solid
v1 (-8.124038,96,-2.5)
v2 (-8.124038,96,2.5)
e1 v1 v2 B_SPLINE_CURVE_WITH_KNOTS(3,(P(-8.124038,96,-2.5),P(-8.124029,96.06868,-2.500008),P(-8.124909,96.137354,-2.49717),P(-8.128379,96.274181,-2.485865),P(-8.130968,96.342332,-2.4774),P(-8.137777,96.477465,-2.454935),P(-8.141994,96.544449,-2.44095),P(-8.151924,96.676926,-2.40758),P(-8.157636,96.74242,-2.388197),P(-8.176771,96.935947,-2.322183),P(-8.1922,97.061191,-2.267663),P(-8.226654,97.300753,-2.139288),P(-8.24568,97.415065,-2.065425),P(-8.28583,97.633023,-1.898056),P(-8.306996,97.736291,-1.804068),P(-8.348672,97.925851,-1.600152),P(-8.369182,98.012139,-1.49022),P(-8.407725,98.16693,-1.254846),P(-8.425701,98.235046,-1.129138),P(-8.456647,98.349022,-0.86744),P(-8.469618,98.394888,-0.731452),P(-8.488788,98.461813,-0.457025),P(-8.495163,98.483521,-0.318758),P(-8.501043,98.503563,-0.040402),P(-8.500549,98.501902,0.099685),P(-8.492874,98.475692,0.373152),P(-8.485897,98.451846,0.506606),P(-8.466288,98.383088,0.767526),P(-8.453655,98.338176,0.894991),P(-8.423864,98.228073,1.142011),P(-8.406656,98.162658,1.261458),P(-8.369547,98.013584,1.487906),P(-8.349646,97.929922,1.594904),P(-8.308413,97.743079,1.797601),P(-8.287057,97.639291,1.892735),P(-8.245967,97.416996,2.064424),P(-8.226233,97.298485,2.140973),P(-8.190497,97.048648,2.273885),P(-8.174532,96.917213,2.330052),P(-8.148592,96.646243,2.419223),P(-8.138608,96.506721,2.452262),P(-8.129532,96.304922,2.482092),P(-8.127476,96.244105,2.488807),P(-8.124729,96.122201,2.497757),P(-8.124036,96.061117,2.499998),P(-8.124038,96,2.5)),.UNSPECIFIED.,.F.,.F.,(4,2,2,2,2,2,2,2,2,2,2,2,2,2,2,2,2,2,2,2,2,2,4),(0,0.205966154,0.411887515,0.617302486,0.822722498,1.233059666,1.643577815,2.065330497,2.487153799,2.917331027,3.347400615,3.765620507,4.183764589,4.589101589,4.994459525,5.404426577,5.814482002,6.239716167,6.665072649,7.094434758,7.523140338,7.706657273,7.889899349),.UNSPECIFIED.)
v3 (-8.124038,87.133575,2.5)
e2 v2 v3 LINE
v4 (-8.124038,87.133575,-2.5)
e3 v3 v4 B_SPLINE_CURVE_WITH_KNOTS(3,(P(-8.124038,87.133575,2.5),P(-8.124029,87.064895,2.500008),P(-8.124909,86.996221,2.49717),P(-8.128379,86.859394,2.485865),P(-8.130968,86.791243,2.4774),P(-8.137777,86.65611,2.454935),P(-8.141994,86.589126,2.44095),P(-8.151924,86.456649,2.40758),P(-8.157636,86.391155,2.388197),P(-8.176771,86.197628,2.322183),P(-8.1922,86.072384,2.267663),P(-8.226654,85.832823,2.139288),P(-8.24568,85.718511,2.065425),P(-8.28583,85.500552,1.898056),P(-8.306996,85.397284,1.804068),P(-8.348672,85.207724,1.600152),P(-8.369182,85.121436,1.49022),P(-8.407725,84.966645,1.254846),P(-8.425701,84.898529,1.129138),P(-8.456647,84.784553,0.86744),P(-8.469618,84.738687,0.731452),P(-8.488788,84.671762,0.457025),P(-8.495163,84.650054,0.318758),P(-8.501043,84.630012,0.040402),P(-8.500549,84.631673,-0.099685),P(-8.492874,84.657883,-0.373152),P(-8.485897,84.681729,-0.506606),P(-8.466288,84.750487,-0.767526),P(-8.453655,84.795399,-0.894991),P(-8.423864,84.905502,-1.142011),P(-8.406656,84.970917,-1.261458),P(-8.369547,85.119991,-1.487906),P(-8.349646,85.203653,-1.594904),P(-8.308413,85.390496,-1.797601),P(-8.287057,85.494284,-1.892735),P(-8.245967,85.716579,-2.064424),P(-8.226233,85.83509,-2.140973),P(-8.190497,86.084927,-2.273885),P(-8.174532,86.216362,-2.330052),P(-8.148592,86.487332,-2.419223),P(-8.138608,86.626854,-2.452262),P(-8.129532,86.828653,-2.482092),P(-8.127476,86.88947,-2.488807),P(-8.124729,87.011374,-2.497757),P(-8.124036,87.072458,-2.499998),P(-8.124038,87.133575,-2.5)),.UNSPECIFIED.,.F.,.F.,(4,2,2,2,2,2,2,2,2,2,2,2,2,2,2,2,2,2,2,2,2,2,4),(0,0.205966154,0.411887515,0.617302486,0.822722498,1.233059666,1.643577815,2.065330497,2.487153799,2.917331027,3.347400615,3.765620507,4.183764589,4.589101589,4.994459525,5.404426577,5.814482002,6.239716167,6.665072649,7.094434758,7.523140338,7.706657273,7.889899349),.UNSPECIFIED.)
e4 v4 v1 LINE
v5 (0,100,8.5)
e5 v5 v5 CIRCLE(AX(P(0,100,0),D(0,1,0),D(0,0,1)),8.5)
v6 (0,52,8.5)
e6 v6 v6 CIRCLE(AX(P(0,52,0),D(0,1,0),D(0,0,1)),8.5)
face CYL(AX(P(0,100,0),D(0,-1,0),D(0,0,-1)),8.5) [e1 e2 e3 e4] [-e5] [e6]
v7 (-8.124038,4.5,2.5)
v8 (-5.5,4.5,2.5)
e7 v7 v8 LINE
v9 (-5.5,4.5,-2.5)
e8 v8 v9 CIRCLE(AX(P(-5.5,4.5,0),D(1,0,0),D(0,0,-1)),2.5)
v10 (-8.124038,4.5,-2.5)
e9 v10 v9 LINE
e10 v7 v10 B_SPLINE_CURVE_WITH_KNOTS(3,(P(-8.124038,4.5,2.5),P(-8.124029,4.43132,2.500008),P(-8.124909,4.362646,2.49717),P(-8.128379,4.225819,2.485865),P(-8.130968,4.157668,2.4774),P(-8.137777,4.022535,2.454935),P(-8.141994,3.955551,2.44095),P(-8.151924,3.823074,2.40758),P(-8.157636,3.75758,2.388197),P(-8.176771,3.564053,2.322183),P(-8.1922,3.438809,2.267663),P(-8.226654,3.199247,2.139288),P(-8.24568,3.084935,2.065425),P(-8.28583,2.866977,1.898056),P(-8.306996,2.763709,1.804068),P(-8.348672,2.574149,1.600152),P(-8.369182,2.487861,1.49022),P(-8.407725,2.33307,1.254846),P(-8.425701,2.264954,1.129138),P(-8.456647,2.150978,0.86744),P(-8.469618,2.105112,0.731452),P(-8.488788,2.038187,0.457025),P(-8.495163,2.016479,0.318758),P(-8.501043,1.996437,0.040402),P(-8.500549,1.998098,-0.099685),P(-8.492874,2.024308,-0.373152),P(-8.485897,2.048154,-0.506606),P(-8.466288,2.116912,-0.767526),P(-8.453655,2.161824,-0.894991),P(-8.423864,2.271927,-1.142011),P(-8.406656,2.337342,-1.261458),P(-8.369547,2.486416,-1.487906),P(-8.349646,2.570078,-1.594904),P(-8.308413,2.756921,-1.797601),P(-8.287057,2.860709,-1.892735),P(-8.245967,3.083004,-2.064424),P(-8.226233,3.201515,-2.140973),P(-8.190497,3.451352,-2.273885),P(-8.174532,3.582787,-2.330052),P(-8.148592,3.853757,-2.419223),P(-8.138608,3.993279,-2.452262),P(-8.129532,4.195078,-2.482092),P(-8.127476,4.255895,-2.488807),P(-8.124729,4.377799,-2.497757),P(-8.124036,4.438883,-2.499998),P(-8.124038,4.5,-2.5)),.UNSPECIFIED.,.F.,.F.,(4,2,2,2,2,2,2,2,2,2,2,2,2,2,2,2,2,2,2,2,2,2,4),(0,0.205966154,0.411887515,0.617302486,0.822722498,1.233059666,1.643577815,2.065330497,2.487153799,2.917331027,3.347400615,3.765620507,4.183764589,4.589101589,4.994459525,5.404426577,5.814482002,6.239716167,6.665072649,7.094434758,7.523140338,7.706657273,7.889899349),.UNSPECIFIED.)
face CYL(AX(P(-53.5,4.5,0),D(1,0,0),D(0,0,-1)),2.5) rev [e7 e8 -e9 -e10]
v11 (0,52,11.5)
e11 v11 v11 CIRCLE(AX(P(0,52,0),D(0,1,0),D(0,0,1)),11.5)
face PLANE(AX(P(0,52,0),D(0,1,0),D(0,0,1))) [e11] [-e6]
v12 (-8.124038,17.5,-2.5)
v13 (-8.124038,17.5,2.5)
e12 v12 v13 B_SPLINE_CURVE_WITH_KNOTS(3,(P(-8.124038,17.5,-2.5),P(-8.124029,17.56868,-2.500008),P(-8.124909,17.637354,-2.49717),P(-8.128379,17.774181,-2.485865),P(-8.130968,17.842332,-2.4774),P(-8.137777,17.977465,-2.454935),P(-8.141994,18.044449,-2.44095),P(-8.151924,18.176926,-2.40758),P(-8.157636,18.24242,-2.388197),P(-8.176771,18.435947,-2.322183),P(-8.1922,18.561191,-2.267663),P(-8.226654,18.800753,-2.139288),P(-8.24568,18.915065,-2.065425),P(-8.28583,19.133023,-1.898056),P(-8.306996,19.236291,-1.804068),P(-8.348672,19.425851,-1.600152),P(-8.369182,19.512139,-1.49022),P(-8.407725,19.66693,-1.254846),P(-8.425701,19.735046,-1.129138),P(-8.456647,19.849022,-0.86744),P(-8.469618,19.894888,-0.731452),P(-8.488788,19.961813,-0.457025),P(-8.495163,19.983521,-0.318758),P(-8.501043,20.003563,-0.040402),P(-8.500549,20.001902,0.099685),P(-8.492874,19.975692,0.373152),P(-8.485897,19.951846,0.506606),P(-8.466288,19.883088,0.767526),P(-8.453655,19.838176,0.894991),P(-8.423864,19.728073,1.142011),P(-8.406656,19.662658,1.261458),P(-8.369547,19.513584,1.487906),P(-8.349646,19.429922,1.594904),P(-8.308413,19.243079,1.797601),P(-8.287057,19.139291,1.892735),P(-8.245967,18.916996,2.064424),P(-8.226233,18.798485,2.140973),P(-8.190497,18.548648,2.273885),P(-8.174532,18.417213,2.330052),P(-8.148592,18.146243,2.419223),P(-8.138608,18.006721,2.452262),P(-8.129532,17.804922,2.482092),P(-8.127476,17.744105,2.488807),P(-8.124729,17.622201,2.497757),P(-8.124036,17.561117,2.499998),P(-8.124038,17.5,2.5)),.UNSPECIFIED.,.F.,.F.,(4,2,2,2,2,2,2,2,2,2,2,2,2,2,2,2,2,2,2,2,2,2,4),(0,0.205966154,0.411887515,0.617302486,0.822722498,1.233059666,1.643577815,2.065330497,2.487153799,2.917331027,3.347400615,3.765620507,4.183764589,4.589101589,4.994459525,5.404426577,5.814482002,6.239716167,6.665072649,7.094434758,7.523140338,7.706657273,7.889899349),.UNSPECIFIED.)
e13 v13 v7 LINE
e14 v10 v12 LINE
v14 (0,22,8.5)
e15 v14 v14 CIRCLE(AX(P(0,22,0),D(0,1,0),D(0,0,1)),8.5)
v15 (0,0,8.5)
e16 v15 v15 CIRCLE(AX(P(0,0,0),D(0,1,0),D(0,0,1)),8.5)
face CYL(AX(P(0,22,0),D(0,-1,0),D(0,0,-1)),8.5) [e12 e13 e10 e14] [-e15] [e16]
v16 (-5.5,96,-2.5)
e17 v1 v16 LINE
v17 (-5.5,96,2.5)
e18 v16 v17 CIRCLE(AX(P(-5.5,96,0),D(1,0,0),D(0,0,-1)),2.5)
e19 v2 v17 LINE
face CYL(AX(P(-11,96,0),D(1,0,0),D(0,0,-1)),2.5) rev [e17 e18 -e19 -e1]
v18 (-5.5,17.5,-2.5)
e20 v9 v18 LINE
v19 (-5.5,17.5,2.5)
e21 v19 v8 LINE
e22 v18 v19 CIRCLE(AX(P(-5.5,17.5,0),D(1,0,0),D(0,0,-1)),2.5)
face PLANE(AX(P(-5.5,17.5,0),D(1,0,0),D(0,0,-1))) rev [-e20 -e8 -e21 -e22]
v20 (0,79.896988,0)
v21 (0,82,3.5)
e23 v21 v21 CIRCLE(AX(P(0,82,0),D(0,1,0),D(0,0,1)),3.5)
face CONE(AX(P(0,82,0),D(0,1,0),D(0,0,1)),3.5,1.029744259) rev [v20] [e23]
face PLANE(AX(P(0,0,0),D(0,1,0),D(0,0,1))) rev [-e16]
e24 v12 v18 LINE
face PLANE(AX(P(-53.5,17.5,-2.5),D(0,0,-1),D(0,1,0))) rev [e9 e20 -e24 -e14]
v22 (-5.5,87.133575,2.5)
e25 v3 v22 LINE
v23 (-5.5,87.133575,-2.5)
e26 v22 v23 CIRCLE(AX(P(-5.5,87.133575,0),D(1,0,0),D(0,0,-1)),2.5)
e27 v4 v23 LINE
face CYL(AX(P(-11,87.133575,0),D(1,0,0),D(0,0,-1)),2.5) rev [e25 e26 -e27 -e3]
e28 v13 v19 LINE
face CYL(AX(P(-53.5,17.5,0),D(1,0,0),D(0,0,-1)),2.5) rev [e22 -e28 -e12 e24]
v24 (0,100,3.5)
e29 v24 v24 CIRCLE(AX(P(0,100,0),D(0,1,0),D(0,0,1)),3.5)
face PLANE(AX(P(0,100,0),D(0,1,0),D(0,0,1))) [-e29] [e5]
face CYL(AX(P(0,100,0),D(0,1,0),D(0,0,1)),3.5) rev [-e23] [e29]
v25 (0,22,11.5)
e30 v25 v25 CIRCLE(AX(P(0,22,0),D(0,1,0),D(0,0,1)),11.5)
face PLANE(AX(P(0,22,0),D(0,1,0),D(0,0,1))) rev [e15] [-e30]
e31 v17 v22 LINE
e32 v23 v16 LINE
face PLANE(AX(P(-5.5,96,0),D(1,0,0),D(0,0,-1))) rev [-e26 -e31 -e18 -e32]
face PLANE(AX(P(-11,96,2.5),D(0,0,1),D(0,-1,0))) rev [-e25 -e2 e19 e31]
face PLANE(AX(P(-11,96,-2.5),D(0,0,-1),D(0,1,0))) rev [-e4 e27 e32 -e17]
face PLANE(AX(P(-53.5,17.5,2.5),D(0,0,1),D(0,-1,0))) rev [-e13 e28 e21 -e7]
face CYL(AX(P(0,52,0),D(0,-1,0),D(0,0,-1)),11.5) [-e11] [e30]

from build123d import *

# Parameters (mm, degrees)
SKETCH_1_R          = 8.5
EXTRUDE_1_DEPTH     = 22
SKETCH_2_R          = 11.5
EXTRUDE_2_DEPTH     = 30
SKETCH_3_R          = 8.5
EXTRUDE_3_DEPTH     = 48
CUT_EXTRUDE_START   = -5.5
CUT_EXTRUDE_1_DEPTH = 48
CUT_EXTRUDE_2_DEPTH = 5.5
M8X1_0_1_D          = 7
M8X1_0_1_DEPTH      = 18
M8X1_0_1_TIP        = 2.103012167


with BuildPart() as part:
    # 草图1 → 凸台-拉伸1 (new body)
    with BuildSketch(Plane(origin=(0, 0, 0), x_dir=(1, 0, 0), z_dir=(0, 1, 0))):
        with Locations(Location((0, 0, 0), (0, 0, 270))):
            Circle(SKETCH_1_R)
    extrude(amount=EXTRUDE_1_DEPTH)

    # 草图2 → 凸台-拉伸2 (add)
    with BuildSketch(Plane(origin=(0, 22, 0), x_dir=(1, 0, 0), z_dir=(0, 1, 0))):
        with Locations(Location((0, 0, 0), (0, 0, 270))):
            Circle(SKETCH_2_R)
    extrude(amount=EXTRUDE_2_DEPTH)

    # 草图3 → 凸台-拉伸3 (add)
    with BuildSketch(Plane(origin=(0, 52, 0), x_dir=(1, 0, 0), z_dir=(0, 1, 0))):
        with Locations(Location((0, 0, 0), (0, 0, 270))):
            Circle(SKETCH_3_R)
    extrude(amount=EXTRUDE_3_DEPTH)

    # 草图4 → 切除-拉伸1 (cut)
    with BuildSketch(Plane(origin=(0, 0, 0), x_dir=(0, 0, -1), z_dir=(1, 0, 0)).offset(CUT_EXTRUDE_START)):
        with BuildLine():
            Line((2.5, 17.5), (2.5, 4.5))
            ThreePointArc((2.5, 4.5), (0, 2), (-2.5, 4.5))
            Line((-2.5, 4.5), (-2.5, 17.5))
            ThreePointArc((-2.5, 17.5), (0, 20), (2.5, 17.5))
        make_face()
    extrude(amount=-CUT_EXTRUDE_1_DEPTH, mode=Mode.SUBTRACT)

    # 草图5 → 切除-拉伸2 (cut)
    with BuildSketch(Plane(origin=(0, 0, 0), x_dir=(0, 0, -1), z_dir=(1, 0, 0)).offset(CUT_EXTRUDE_START)):
        with BuildLine():
            Line((2.5, 96), (2.5, 87.133575026))
            ThreePointArc((2.5, 87.133575026), (0, 84.633575026), (-2.5, 87.133575026))
            Line((-2.5, 87.133575026), (-2.5, 96))
            ThreePointArc((-2.5, 96), (0, 98.5), (2.5, 96))
        make_face()
    extrude(amount=-CUT_EXTRUDE_2_DEPTH, mode=Mode.SUBTRACT)

    # M8x1.0 螺纹孔1
    with Locations(Plane(origin=(0, 100, 0), x_dir=(1, 0, 0), z_dir=(0, 1, 0))):
        with Locations((0, 0)):
            Hole(M8X1_0_1_D / 2, depth=M8X1_0_1_DEPTH)
            with Locations((0, 0, -(M8X1_0_1_DEPTH + M8X1_0_1_TIP / 2))):  # 118° drill point
                Cone(0, M8X1_0_1_D / 2, M8X1_0_1_TIP, mode=Mode.SUBTRACT)


solid = part.part
